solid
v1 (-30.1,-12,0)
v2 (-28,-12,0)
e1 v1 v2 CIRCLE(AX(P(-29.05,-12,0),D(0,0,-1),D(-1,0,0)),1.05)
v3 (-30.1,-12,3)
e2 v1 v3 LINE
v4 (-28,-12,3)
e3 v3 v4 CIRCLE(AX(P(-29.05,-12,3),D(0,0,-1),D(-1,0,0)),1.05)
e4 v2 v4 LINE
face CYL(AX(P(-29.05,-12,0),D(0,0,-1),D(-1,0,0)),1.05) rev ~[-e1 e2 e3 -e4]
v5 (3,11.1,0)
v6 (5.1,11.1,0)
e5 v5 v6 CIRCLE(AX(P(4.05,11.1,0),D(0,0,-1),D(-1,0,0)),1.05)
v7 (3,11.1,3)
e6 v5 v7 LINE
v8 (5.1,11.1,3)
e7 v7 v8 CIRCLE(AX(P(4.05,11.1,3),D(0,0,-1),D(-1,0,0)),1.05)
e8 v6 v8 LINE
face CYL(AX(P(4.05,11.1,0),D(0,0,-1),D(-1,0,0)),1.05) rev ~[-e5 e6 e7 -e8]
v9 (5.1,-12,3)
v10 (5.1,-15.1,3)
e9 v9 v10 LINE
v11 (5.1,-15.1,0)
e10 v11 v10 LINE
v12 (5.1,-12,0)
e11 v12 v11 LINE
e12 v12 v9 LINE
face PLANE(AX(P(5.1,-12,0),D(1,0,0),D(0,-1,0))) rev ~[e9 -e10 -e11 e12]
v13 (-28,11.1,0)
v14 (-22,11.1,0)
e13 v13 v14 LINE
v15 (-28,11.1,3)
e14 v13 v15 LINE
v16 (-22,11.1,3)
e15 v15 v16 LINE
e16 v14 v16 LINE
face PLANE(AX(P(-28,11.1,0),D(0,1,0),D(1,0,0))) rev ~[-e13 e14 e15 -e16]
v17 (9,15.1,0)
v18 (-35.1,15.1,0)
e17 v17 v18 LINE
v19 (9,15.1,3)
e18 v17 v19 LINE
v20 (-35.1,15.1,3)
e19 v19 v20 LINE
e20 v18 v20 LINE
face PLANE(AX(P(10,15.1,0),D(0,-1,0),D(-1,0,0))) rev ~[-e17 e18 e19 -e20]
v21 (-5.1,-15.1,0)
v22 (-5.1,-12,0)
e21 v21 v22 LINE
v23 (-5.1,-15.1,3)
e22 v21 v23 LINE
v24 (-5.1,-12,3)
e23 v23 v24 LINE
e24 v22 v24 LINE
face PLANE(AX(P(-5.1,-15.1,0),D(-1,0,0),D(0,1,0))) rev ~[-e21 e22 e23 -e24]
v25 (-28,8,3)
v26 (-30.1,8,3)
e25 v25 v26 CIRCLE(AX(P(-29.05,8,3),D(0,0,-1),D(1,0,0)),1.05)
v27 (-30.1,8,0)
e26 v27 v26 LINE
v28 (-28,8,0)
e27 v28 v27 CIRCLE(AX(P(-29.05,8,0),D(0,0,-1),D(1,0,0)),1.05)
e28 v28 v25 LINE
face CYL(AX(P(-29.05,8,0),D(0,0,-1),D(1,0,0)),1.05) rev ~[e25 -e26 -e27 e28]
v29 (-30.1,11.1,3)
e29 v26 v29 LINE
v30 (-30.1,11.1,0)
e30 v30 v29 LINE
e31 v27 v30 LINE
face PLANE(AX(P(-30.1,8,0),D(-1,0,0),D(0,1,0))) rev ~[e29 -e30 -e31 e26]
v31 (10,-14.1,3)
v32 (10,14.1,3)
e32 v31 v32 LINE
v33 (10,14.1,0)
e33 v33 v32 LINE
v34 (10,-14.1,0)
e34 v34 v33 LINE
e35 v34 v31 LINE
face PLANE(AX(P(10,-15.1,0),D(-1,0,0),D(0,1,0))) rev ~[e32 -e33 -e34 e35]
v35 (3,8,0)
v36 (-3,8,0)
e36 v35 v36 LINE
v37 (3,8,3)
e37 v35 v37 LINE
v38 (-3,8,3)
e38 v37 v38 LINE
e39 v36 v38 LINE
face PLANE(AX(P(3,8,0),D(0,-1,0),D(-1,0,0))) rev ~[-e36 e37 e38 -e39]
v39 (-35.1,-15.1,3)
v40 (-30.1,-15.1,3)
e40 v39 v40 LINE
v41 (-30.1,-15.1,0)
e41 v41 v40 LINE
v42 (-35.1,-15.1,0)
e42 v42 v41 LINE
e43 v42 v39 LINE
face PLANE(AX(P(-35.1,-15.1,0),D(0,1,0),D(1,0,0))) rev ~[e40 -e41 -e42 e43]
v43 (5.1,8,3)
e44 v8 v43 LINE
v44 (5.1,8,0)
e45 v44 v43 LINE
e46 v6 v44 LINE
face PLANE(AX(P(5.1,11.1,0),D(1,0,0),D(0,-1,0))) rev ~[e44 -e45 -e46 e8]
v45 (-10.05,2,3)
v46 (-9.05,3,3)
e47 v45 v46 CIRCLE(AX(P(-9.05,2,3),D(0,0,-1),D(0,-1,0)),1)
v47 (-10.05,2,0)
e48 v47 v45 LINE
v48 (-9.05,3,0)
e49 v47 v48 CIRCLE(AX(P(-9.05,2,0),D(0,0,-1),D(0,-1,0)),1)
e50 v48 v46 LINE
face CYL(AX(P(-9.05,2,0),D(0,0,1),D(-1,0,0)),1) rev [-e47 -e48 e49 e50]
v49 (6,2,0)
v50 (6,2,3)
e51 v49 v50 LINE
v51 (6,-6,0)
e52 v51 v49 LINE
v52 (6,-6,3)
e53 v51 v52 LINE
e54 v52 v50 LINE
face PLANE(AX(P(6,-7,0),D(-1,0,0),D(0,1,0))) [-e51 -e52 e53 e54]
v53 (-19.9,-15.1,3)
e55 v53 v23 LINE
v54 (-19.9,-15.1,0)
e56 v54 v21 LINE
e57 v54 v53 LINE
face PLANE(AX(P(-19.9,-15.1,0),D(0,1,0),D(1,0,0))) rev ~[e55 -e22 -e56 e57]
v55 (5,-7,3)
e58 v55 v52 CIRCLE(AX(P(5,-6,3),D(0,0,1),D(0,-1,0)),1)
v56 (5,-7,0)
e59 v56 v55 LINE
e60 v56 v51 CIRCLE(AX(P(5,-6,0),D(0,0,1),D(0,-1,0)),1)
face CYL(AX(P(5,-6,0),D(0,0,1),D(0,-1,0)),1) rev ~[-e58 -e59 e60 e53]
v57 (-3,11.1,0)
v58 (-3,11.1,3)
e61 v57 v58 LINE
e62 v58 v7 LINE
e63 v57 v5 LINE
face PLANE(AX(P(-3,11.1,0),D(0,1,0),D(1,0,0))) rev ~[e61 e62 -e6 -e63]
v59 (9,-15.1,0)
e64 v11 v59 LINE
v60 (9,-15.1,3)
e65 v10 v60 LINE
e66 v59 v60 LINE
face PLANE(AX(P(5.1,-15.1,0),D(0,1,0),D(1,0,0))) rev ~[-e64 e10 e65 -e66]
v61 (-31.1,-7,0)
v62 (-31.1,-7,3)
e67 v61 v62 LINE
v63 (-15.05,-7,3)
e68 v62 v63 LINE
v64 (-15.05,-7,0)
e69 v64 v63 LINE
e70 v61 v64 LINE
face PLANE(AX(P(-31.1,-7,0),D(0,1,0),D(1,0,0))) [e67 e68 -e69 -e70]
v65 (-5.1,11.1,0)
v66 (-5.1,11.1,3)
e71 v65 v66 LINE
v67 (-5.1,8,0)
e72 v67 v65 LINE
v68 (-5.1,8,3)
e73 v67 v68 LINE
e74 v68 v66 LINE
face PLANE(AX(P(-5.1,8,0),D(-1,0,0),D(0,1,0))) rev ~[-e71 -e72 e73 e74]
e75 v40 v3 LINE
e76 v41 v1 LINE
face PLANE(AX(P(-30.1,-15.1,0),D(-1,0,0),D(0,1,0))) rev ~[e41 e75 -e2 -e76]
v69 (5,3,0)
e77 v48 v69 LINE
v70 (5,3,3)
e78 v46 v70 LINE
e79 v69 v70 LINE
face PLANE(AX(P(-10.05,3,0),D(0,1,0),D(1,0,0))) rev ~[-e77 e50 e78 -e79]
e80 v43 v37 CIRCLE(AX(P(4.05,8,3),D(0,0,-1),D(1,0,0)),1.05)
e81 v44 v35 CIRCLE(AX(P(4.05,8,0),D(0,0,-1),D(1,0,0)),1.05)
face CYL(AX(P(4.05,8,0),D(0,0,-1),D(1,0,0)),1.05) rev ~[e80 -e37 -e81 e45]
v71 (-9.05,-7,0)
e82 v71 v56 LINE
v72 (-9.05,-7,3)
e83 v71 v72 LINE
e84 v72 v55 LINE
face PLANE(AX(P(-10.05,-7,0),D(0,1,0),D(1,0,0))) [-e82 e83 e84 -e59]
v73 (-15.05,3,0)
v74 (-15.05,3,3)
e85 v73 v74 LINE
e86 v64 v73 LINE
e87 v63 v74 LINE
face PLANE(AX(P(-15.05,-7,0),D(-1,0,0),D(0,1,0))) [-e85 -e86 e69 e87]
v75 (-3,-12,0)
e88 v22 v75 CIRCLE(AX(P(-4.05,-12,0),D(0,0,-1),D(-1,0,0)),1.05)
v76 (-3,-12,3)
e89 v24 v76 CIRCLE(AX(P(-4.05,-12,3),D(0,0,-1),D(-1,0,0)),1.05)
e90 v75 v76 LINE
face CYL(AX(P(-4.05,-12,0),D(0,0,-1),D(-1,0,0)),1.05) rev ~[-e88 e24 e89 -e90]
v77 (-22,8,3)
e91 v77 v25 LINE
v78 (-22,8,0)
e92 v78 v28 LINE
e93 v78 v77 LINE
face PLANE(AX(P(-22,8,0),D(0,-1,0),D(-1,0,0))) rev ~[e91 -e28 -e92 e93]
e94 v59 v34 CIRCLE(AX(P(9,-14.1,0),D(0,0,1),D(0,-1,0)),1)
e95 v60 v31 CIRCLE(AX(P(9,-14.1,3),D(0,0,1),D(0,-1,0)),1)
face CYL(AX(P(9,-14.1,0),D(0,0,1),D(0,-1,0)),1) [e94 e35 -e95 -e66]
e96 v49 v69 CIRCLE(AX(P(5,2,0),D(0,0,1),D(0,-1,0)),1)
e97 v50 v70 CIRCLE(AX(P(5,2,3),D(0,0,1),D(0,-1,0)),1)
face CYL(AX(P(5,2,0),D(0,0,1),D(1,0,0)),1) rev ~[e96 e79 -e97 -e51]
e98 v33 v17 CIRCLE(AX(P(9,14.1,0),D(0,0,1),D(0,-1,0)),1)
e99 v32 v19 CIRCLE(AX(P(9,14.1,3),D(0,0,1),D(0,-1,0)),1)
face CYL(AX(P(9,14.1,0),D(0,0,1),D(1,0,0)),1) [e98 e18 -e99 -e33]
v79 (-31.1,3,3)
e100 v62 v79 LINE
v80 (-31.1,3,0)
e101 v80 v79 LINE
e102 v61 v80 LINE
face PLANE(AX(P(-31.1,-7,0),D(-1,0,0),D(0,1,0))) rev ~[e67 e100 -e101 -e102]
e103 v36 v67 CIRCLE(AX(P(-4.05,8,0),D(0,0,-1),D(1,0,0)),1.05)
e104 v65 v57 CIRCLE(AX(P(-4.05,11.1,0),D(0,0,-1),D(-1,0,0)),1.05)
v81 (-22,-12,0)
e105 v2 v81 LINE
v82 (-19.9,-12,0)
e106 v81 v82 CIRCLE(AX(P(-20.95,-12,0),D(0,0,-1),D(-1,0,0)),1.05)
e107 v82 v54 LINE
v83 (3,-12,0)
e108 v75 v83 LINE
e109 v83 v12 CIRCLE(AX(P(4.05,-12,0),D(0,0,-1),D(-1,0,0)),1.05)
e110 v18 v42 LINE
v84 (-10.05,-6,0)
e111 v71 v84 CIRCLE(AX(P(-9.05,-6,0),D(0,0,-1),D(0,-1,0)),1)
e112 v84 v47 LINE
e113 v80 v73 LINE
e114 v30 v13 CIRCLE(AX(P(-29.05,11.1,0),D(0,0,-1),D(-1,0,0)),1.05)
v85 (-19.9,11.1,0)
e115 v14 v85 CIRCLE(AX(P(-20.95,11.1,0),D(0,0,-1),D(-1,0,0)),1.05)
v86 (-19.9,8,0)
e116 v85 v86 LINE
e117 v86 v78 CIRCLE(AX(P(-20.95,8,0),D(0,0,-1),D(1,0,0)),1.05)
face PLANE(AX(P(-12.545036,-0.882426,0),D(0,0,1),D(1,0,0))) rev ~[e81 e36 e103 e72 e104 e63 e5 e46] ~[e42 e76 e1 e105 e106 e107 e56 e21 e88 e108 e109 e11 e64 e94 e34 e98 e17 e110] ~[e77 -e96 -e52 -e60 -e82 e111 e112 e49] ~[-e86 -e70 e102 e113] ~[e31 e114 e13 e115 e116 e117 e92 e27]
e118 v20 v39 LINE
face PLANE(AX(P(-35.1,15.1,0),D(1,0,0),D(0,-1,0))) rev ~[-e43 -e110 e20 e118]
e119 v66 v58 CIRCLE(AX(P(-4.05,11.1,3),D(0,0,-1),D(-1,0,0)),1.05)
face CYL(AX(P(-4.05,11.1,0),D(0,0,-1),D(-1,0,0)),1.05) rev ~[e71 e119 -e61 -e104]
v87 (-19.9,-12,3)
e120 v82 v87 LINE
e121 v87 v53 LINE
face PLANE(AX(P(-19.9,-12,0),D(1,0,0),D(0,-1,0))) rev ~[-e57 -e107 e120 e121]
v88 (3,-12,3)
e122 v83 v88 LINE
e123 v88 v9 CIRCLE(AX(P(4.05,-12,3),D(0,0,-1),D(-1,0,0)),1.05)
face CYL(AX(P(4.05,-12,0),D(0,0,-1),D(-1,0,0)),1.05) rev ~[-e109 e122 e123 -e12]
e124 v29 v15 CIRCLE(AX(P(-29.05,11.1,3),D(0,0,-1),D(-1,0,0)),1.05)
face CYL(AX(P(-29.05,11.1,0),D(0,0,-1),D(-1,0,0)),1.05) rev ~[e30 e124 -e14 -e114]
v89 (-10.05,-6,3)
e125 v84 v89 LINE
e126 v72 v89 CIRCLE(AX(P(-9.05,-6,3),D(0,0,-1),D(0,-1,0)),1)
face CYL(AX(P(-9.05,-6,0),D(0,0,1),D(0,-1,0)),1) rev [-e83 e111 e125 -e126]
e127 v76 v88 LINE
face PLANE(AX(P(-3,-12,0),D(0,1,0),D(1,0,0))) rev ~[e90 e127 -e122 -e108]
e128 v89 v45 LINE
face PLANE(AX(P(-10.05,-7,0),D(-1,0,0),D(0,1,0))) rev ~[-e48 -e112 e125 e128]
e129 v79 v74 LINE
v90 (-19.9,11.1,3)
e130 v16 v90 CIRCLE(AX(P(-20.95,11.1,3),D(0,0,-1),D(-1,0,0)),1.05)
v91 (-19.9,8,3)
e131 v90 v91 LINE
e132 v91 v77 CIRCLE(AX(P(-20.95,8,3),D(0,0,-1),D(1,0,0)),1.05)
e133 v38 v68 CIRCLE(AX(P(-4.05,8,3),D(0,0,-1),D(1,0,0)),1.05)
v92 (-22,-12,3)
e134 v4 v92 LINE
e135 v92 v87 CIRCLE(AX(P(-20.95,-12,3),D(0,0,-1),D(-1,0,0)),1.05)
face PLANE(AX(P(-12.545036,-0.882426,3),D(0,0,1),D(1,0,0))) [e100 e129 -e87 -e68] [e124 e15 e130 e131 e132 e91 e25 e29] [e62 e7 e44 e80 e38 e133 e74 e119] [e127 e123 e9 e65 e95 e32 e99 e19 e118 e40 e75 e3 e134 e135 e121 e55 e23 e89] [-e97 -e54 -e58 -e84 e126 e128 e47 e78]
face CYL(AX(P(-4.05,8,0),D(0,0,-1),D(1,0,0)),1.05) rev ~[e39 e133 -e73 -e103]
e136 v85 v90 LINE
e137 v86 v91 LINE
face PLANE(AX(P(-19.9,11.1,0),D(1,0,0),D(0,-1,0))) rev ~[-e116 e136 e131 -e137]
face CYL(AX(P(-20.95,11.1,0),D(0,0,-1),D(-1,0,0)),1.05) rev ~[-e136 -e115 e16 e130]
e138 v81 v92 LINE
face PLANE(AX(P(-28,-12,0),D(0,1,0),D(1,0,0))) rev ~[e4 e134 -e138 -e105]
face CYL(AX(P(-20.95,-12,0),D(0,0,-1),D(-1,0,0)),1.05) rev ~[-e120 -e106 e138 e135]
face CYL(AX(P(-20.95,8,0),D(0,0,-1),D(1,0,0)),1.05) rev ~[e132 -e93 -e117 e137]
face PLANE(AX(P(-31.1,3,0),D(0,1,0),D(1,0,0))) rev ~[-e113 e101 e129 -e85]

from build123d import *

# Parameters (mm, degrees)
SKETCH_1_W      = 16.05
SKETCH_1_H      = 10
EXTRUDE_1_DEPTH = 3
FILLET_1_R      = 1


with BuildPart() as part:
    # 草图1 → 凸台-拉伸1 (new body)
    with BuildSketch(Plane.XY):
        with BuildLine():
            Line((-5.1, -15.1), (-5.1, -12))
            ThreePointArc((-5.1, -12), (-4.05, -10.95), (-3, -12))
            Line((-3, -12), (3, -12))
            ThreePointArc((3, -12), (4.05, -10.95), (5.1, -12))
            Line((5.1, -12), (5.1, -15.1))
            Line((5.1, -15.1), (10, -15.1))
            Line((10, -15.1), (10, 15.1))
            Line((10, 15.1), (-35.1, 15.1))
            Line((-35.1, 15.1), (-35.1, -15.1))
            Line((-35.1, -15.1), (-30.1, -15.1))
            Line((-30.1, -15.1), (-30.1, -12))
            ThreePointArc((-30.1, -12), (-29.05, -10.95), (-28, -12))
            Line((-28, -12), (-22, -12))
            ThreePointArc((-22, -12), (-20.95, -10.95), (-19.9, -12))
            Line((-19.9, -12), (-19.9, -15.1))
            Line((-19.9, -15.1), (-5.1, -15.1))
        make_face()
        with Locations((-2.025, -2)):
            Rectangle(SKETCH_1_W, SKETCH_1_H, mode=Mode.SUBTRACT)
        with BuildLine():
            Line((3, 8), (-3, 8))
            ThreePointArc((-3, 8), (-4.05, 6.95), (-5.1, 8))
            Line((-5.1, 8), (-5.1, 11.1))
            ThreePointArc((-5.1, 11.1), (-4.05, 12.15), (-3, 11.1))
            Line((-3, 11.1), (3, 11.1))
            ThreePointArc((3, 11.1), (4.05, 12.15), (5.1, 11.1))
            Line((5.1, 11.1), (5.1, 8))
            ThreePointArc((5.1, 8), (4.05, 6.95), (3, 8))
        make_face(mode=Mode.SUBTRACT)
        with BuildLine():
            ThreePointArc((-30.1, 11.1), (-29.05, 12.15), (-28, 11.1))
            Line((-28, 11.1), (-22, 11.1))
            ThreePointArc((-22, 11.1), (-20.95, 12.15), (-19.9, 11.1))
            Line((-19.9, 11.1), (-19.9, 8))
            ThreePointArc((-19.9, 8), (-20.95, 6.95), (-22, 8))
            Line((-22, 8), (-28, 8))
            ThreePointArc((-28, 8), (-29.05, 6.95), (-30.1, 8))
            Line((-30.1, 8), (-30.1, 11.1))
        make_face(mode=Mode.SUBTRACT)
        with Locations((-23.075, -2)):
            Rectangle(SKETCH_1_W, SKETCH_1_H, mode=Mode.SUBTRACT)
    extrude(amount=EXTRUDE_1_DEPTH)

    # 圆角1
    fillet_1_edges = [part.edges().sort_by_distance(p)[0] for p in [
        (6, -7, 1.5),
        (6, 3, 1.5),
        (-10.05, 3, 1.5),
        (-10.05, -7, 1.5),
        (10, 15.1, 1.5),
        (10, -15.1, 1.5),
    ]]
    fillet(fillet_1_edges, radius=FILLET_1_R)


solid = part.part
